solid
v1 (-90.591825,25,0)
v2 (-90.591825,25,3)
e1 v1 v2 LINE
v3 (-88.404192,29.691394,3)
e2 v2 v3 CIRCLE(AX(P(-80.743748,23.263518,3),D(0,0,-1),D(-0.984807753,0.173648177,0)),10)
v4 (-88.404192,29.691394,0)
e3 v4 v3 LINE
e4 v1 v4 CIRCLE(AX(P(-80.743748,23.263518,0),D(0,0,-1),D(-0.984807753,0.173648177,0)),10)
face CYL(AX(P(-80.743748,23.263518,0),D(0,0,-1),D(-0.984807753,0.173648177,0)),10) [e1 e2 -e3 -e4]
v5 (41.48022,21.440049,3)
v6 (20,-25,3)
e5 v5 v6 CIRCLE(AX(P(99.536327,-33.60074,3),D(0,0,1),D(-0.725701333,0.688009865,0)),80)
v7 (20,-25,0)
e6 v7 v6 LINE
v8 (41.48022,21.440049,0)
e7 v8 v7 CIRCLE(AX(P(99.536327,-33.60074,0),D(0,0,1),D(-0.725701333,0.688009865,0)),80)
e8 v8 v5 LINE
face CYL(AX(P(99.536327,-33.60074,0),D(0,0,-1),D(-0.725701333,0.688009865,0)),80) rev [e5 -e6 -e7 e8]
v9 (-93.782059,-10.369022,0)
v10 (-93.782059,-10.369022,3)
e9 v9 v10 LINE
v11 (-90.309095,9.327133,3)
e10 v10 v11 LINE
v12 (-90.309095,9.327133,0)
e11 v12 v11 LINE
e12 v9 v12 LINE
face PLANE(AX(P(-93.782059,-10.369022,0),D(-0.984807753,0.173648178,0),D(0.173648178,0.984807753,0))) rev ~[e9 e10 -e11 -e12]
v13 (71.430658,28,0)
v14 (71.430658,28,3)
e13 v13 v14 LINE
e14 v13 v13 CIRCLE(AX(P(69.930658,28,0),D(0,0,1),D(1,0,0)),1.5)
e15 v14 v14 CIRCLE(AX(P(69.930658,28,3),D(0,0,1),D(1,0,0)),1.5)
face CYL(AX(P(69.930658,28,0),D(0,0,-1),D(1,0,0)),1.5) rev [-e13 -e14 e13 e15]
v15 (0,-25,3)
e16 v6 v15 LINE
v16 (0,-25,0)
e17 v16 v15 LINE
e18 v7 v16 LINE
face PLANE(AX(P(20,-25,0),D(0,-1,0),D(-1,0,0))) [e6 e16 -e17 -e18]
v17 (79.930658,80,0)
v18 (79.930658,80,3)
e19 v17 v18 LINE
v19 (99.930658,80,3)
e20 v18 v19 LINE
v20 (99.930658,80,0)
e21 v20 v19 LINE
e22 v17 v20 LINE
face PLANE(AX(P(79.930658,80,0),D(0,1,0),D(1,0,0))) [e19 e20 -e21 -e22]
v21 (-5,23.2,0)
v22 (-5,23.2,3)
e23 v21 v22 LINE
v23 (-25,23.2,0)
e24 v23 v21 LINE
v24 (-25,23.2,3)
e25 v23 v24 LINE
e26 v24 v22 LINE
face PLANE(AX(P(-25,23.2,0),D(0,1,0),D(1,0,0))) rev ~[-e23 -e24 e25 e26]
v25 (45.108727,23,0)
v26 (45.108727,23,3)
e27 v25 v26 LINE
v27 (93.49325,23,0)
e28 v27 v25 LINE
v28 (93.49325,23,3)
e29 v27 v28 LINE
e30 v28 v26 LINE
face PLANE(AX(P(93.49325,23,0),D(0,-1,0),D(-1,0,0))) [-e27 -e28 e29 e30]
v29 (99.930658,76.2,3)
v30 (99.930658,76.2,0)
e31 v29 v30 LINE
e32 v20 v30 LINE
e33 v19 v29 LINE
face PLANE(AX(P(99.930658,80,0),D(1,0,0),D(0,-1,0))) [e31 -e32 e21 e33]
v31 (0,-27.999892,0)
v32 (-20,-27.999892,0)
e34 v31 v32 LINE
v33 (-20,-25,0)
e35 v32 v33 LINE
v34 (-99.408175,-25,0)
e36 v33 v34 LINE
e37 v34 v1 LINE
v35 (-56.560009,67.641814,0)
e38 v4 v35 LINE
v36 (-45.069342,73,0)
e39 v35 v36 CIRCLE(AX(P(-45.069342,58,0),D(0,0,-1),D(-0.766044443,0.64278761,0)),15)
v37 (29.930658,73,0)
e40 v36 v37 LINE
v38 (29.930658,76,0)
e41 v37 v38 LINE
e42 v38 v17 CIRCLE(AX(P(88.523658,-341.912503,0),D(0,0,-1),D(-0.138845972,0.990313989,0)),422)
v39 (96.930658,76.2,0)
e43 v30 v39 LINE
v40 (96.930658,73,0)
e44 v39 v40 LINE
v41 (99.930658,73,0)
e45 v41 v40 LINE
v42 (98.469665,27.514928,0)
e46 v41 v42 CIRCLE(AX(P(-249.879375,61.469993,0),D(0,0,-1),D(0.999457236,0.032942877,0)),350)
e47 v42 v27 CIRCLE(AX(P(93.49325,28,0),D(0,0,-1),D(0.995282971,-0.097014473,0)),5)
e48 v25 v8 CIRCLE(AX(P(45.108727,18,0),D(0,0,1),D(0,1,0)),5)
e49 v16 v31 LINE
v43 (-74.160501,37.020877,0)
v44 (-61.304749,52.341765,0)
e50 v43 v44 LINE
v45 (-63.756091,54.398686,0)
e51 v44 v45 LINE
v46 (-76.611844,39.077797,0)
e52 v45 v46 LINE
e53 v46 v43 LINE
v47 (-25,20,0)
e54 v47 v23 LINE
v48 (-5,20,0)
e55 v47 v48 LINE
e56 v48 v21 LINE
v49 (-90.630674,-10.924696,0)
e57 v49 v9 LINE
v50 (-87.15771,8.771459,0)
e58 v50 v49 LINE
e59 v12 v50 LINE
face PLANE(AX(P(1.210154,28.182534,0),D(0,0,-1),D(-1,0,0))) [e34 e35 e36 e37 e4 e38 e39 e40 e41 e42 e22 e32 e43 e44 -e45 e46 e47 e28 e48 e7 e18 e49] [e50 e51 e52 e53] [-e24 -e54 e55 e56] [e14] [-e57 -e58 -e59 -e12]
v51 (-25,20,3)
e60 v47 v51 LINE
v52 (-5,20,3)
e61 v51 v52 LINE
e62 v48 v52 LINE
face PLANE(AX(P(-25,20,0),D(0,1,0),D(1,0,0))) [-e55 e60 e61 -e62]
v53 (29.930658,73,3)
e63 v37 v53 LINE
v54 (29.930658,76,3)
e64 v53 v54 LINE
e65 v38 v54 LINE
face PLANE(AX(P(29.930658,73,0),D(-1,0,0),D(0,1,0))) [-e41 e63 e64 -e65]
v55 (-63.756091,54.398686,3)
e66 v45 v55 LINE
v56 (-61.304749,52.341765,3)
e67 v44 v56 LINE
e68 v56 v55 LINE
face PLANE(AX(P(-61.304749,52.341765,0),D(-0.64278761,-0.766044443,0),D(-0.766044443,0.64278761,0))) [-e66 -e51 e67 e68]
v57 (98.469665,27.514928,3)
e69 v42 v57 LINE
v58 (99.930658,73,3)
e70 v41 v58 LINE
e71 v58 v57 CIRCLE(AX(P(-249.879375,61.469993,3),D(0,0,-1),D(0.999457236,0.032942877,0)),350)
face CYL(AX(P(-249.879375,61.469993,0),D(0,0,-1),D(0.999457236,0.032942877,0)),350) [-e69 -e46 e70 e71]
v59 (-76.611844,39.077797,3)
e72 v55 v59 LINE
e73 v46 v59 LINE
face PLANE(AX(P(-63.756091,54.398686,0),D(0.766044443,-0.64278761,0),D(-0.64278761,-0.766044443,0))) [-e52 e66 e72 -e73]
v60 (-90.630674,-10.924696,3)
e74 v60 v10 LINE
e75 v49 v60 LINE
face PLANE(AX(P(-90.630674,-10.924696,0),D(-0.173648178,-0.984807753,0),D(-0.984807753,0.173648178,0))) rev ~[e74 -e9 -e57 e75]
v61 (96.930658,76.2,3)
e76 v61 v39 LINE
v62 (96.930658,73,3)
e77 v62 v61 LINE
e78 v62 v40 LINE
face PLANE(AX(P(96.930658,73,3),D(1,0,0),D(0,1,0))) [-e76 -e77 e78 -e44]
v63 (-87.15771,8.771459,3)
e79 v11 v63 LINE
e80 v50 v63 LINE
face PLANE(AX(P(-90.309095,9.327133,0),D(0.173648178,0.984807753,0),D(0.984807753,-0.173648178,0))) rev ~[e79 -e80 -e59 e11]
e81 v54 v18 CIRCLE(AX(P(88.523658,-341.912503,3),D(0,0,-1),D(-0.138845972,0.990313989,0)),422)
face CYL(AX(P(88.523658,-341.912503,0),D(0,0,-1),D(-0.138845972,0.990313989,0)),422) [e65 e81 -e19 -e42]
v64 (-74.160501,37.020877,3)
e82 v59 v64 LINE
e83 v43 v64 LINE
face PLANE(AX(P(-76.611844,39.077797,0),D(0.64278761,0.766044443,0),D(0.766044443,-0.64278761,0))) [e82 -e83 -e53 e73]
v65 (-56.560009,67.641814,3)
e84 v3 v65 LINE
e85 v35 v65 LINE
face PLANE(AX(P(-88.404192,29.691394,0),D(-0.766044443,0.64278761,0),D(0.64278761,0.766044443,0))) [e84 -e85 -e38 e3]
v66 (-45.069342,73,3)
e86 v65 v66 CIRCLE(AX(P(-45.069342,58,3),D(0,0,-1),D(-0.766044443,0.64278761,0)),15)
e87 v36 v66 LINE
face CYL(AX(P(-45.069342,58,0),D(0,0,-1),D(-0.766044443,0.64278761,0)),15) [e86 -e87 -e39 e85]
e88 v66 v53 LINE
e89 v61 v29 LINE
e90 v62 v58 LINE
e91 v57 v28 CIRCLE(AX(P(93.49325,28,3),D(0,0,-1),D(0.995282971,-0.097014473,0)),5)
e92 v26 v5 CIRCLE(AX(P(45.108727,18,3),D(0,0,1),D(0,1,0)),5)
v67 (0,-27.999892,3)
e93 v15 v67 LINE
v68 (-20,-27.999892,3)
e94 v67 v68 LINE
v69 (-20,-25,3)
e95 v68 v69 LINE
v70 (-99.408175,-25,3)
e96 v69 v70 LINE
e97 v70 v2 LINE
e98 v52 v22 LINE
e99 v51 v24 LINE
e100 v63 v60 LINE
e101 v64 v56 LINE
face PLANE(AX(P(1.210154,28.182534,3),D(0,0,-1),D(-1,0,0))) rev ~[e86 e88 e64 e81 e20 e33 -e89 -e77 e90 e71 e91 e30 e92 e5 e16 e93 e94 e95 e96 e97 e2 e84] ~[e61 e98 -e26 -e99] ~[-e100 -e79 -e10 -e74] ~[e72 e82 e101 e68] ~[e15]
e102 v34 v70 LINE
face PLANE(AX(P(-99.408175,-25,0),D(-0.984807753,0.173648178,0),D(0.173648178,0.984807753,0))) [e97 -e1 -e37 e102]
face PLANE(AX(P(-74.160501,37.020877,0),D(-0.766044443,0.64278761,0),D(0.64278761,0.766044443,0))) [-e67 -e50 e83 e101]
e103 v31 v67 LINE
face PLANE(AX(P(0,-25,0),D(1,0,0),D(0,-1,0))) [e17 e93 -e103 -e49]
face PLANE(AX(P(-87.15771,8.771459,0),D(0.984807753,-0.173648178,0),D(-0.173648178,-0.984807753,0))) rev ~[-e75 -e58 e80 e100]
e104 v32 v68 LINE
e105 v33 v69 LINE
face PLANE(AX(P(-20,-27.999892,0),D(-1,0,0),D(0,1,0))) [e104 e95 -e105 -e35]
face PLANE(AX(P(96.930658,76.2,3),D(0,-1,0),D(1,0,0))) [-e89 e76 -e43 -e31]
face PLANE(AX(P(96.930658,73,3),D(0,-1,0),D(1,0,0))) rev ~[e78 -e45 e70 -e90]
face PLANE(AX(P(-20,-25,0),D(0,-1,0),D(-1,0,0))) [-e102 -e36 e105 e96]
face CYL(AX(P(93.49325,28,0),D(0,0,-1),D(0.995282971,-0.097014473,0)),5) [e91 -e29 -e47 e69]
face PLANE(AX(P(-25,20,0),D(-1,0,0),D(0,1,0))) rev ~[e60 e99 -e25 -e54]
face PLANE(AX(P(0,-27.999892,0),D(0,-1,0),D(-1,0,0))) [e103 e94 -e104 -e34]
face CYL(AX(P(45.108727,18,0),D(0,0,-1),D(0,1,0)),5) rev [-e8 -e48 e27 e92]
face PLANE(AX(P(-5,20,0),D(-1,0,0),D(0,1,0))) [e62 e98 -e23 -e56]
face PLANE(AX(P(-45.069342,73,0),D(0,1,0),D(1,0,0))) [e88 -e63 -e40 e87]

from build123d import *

# Parameters (mm, degrees)
SKETCH1_R           = 1.5
SKETCH1_W           = 20
SKETCH1_H           = 3.2
BOSS_EXTRUDE1_DEPTH = 3
SKETCH2_W           = 3
SKETCH2_H           = 3.2
CUT_EXTRUDE1_DEPTH  = 10


with BuildPart() as part:
    # Sketch1 → Boss-Extrude1 (new body)
    with BuildSketch(Plane.XY):
        with BuildLine():
            Line((-45.069342458, 73), (29.930657542, 73))
            Line((29.930657542, 73), (29.930657542, 76))
            ThreePointArc((29.930657542, 76), (54.871173993, 78.743544354), (79.930657542, 80))
            Line((79.930657542, 80), (99.930657542, 80))
            Line((99.930657542, 80), (99.930657542, 73))
            ThreePointArc((99.930657542, 73), (99.94021491, 50.233693089), (98.469664685, 27.514927635))
            ThreePointArc((98.469664685, 27.514927635), (96.852910392, 24.29693628), (93.493249831, 23))
            Line((93.493249831, 23), (45.108726753, 23))
            ThreePointArc((45.108726753, 23), (43.13391621, 22.593487054), (41.480220087, 21.440049327))
            ThreePointArc((41.480220087, 21.440049327), (26.927174582, -0.016353332), (20, -25))
            Line((20, -25), (0, -25))
            Line((0, -25), (0, -27.9998915))
            Line((0, -27.9998915), (-20, -27.9998915))
            Line((-20, -27.9998915), (-20, -25))
            Line((-20, -25), (-99.408174518, -25))
            Line((-99.408174518, -25), (-90.591825482, 25))
            ThreePointArc((-90.591825482, 25), (-89.806825823, 27.489700841), (-88.404192383, 29.69139432))
            Line((-88.404192383, 29.69139432), (-56.560009105, 67.641814145))
            ThreePointArc((-56.560009105, 67.641814145), (-51.408616384, 71.594616806), (-45.069342458, 73))
        make_face()
        with Locations((69.930657542, 28)):
            Circle(SKETCH1_R, mode=Mode.SUBTRACT)
        with Locations((-15, 21.6)):
            Rectangle(SKETCH1_W, SKETCH1_H, mode=Mode.SUBTRACT)
        Polygon((-76.611843512, 39.077796972), (-74.160501294, 37.020876622), (-61.3047491, 52.341765484), (-63.756091318, 54.398685835), align=None, mode=Mode.SUBTRACT)
        Polygon((-93.782058518, -10.369022063), (-90.309094964, 9.327132997), (-87.157710155, 8.771458829), (-90.630673708, -10.924696232), align=None, mode=Mode.SUBTRACT)
    extrude(amount=BOSS_EXTRUDE1_DEPTH)

    # Sketch2 → Cut-Extrude1 (cut)
    with BuildSketch(Plane.XY.offset(3)):
        with Locations((98.430657542, 74.6)):
            Rectangle(SKETCH2_W, SKETCH2_H)
    extrude(amount=-CUT_EXTRUDE1_DEPTH, mode=Mode.SUBTRACT)


solid = part.part
